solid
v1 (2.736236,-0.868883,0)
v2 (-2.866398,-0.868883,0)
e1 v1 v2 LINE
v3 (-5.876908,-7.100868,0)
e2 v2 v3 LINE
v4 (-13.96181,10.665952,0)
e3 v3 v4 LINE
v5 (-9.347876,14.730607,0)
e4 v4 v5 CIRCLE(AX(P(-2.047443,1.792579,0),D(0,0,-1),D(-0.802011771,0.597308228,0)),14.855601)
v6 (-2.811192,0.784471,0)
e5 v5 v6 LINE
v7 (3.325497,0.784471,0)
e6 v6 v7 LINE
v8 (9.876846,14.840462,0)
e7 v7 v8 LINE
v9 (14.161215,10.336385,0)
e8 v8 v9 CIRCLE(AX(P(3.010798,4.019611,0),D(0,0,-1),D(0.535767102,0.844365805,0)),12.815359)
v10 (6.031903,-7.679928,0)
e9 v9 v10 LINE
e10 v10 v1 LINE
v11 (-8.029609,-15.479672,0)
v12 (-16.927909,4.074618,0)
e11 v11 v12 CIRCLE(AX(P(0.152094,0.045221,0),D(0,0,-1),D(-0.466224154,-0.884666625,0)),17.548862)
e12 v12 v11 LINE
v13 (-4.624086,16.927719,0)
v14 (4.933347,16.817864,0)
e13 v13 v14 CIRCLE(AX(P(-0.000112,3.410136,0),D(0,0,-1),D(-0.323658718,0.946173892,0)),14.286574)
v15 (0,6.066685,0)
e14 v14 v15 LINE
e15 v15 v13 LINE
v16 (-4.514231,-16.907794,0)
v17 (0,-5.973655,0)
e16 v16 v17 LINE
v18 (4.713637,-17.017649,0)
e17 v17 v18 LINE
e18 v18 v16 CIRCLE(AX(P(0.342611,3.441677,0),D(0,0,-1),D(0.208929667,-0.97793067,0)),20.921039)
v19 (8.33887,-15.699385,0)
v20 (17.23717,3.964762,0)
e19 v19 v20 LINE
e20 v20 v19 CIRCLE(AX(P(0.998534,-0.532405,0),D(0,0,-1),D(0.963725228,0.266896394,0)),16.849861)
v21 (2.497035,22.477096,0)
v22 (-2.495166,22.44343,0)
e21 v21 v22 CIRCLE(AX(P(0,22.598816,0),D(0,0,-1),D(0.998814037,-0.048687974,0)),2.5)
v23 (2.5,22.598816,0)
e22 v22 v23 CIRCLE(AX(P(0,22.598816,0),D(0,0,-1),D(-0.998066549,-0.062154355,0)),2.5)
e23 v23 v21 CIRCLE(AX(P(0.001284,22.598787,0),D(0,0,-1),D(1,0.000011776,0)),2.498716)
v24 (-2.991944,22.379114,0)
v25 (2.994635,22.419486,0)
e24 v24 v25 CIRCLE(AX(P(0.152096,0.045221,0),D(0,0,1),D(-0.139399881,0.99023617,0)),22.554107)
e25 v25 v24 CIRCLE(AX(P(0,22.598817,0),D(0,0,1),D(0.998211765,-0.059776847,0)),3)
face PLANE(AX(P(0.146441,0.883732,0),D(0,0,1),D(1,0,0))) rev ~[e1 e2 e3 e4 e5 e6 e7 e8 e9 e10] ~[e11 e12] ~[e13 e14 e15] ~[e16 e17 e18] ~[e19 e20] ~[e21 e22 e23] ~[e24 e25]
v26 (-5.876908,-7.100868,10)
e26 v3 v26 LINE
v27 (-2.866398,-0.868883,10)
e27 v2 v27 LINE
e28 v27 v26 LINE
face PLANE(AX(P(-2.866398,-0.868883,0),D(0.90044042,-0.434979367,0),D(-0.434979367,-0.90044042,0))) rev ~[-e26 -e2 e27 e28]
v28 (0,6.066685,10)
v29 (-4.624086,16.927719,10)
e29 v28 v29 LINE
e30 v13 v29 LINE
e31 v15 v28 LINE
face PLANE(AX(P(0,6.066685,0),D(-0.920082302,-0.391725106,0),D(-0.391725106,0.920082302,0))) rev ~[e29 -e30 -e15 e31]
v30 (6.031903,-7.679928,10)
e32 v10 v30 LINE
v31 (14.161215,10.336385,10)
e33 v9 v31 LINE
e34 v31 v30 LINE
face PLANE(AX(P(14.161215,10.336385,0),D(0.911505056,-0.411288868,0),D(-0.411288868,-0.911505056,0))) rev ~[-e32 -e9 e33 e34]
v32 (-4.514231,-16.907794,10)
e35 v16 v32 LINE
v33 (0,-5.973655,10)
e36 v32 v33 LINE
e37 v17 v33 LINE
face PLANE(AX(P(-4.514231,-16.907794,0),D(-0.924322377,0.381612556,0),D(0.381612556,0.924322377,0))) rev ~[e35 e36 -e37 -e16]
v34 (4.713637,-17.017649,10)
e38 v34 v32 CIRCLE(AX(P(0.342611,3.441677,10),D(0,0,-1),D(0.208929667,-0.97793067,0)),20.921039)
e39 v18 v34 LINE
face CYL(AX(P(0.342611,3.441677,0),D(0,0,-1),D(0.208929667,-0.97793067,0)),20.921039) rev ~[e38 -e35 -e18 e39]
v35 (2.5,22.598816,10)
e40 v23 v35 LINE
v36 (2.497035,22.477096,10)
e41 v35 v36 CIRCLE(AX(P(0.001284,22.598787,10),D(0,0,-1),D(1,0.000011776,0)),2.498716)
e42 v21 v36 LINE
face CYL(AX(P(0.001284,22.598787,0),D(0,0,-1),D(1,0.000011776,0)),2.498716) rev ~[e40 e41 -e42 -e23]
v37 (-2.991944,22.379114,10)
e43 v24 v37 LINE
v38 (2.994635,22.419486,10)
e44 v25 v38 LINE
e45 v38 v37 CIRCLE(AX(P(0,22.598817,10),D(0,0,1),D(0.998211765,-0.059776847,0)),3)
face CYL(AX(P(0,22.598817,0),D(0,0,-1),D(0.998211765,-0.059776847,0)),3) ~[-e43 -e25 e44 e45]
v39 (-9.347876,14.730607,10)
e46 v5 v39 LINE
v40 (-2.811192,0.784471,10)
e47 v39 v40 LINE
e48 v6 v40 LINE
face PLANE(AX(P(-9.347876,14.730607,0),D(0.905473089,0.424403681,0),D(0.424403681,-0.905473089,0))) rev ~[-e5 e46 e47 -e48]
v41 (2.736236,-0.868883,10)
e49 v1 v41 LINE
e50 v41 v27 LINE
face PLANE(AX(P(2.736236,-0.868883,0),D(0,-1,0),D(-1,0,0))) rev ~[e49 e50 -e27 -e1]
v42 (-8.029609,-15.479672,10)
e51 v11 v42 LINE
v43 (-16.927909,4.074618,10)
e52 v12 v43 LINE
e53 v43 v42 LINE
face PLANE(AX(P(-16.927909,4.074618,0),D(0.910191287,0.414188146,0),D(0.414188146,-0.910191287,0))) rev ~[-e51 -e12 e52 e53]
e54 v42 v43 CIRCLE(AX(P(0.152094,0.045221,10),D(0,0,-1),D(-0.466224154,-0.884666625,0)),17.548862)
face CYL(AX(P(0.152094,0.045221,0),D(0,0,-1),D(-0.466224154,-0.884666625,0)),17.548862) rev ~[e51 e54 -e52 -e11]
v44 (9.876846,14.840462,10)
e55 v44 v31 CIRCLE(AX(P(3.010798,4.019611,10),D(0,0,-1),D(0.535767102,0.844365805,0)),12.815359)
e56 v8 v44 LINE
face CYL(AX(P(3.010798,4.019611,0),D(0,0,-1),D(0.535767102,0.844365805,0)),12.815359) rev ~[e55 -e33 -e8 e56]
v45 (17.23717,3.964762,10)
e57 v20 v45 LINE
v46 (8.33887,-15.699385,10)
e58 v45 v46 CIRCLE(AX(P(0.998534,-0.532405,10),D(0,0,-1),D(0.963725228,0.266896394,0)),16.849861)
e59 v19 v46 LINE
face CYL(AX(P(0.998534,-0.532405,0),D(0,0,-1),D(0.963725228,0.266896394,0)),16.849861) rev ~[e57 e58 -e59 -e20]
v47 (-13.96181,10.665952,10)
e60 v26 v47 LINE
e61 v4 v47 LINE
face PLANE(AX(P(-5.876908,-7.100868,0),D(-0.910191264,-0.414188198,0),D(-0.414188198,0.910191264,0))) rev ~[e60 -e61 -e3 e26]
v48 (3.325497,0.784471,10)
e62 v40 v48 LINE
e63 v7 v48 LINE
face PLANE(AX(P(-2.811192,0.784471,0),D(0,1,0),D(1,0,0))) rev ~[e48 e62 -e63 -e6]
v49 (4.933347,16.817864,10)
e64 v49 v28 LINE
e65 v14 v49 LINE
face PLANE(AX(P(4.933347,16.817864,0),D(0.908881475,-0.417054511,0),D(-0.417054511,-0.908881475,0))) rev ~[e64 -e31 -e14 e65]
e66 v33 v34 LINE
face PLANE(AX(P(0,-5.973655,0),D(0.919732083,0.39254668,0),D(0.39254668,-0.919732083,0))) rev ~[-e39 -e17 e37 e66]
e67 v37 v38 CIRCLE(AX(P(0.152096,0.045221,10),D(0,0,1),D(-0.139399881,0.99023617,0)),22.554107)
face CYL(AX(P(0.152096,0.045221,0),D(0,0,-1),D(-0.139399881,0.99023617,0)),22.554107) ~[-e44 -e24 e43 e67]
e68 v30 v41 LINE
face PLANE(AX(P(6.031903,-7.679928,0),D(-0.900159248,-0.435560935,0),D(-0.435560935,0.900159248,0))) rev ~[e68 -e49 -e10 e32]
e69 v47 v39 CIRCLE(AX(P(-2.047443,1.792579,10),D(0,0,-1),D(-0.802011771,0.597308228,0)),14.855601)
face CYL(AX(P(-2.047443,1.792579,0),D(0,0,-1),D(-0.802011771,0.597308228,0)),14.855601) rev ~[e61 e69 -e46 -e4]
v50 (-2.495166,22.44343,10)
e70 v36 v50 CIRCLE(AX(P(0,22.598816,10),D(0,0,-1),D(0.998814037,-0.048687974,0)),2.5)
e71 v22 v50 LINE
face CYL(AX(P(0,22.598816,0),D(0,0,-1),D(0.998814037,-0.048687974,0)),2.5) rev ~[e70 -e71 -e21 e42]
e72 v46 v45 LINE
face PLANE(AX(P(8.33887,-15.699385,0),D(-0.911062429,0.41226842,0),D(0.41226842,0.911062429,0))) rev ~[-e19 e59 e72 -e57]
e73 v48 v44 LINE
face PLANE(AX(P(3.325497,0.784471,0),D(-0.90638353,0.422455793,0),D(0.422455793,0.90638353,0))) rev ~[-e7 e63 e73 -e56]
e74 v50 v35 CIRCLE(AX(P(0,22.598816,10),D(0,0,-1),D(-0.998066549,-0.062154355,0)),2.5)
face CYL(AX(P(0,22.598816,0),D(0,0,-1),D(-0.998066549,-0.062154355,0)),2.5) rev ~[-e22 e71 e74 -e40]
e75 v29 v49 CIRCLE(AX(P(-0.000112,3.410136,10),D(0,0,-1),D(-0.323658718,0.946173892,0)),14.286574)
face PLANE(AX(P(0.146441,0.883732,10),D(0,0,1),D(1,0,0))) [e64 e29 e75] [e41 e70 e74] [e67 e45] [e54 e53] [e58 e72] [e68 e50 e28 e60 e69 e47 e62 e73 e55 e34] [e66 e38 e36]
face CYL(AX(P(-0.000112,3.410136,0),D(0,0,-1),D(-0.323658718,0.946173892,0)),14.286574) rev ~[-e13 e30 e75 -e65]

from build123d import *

# Parameters (mm, degrees)
F1_DEPTH = 10


with BuildPart() as f1:
    # F0 (on Top) → F1 (new body)
    with BuildSketch(Plane.XY):
        with BuildLine():
            ThreePointArc((2.497035, 22.477096), (0.016859, 20.098873), (-2.495166, 22.44343))
            ThreePointArc((-2.495166, 22.44343), (-2.743734, 22.412651), (-2.991944, 22.379114))
            ThreePointArc((-2.991944, 22.379114), (0.304191, -22.508373), (2.994635, 22.419486))
            ThreePointArc((2.994635, 22.419486), (2.745995, 22.449673), (2.497035, 22.477096))
        make_face()
        with BuildLine():
            ThreePointArc((4.713637, -17.017649), (0.09357, -17.47788), (-4.514231, -16.907794))
            Line((-4.514231, -16.907794), (0, -5.973655))
            Line((0, -5.973655), (4.713637, -17.017649))
        make_face(mode=Mode.SUBTRACT)
        with BuildLine():
            ThreePointArc((-8.029609, -15.479672), (-15.820727, -7.22331), (-16.927909, 4.074618))
            Line((-16.927909, 4.074618), (-8.029609, -15.479672))
        make_face(mode=Mode.SUBTRACT)
        with BuildLine():
            ThreePointArc((17.23717, 3.964762), (16.349809, -7.479071), (8.33887, -15.699385))
            Line((8.33887, -15.699385), (17.23717, 3.964762))
        make_face(mode=Mode.SUBTRACT)
        with BuildLine():
            ThreePointArc((-13.96181, 10.665952), (-11.867447, 12.939615), (-9.347876, 14.730607))
            Line((-9.347876, 14.730607), (-2.811192, 0.784471))
            Line((-2.811192, 0.784471), (3.325497, 0.784471))
            Line((3.325497, 0.784471), (9.876846, 14.840462))
            ThreePointArc((9.876846, 14.840462), (12.296267, 12.852136), (14.161215, 10.336385))
            Line((14.161215, 10.336385), (6.031903, -7.679928))
            Line((6.031903, -7.679928), (2.736236, -0.868883))
            Line((2.736236, -0.868883), (-2.866398, -0.868883))
            Line((-2.866398, -0.868883), (-5.876908, -7.100868))
            Line((-5.876908, -7.100868), (-13.96181, 10.665952))
        make_face(mode=Mode.SUBTRACT)
        with BuildLine():
            ThreePointArc((-4.624086, 16.927719), (0.16409, 17.695766), (4.933347, 16.817864))
            Line((4.933347, 16.817864), (0, 6.066685))
            Line((0, 6.066685), (-4.624086, 16.927719))
        make_face(mode=Mode.SUBTRACT)
        with BuildLine():
            ThreePointArc((-2.991944, 22.379114), (-2.743734, 22.412651), (-2.495166, 22.44343))
            ThreePointArc((-2.495166, 22.44343), (-0.07773, 25.097607), (2.5, 22.598816))
            ThreePointArc((2.5, 22.598816), (2.499259, 22.537938), (2.497035, 22.477096))
            ThreePointArc((2.497035, 22.477096), (2.745995, 22.449673), (2.994635, 22.419486))
            ThreePointArc((2.994635, 22.419486), (-0.020231, 25.598748), (-2.991944, 22.379114))
        make_face()
    extrude(amount=F1_DEPTH)


solid = f1.part
